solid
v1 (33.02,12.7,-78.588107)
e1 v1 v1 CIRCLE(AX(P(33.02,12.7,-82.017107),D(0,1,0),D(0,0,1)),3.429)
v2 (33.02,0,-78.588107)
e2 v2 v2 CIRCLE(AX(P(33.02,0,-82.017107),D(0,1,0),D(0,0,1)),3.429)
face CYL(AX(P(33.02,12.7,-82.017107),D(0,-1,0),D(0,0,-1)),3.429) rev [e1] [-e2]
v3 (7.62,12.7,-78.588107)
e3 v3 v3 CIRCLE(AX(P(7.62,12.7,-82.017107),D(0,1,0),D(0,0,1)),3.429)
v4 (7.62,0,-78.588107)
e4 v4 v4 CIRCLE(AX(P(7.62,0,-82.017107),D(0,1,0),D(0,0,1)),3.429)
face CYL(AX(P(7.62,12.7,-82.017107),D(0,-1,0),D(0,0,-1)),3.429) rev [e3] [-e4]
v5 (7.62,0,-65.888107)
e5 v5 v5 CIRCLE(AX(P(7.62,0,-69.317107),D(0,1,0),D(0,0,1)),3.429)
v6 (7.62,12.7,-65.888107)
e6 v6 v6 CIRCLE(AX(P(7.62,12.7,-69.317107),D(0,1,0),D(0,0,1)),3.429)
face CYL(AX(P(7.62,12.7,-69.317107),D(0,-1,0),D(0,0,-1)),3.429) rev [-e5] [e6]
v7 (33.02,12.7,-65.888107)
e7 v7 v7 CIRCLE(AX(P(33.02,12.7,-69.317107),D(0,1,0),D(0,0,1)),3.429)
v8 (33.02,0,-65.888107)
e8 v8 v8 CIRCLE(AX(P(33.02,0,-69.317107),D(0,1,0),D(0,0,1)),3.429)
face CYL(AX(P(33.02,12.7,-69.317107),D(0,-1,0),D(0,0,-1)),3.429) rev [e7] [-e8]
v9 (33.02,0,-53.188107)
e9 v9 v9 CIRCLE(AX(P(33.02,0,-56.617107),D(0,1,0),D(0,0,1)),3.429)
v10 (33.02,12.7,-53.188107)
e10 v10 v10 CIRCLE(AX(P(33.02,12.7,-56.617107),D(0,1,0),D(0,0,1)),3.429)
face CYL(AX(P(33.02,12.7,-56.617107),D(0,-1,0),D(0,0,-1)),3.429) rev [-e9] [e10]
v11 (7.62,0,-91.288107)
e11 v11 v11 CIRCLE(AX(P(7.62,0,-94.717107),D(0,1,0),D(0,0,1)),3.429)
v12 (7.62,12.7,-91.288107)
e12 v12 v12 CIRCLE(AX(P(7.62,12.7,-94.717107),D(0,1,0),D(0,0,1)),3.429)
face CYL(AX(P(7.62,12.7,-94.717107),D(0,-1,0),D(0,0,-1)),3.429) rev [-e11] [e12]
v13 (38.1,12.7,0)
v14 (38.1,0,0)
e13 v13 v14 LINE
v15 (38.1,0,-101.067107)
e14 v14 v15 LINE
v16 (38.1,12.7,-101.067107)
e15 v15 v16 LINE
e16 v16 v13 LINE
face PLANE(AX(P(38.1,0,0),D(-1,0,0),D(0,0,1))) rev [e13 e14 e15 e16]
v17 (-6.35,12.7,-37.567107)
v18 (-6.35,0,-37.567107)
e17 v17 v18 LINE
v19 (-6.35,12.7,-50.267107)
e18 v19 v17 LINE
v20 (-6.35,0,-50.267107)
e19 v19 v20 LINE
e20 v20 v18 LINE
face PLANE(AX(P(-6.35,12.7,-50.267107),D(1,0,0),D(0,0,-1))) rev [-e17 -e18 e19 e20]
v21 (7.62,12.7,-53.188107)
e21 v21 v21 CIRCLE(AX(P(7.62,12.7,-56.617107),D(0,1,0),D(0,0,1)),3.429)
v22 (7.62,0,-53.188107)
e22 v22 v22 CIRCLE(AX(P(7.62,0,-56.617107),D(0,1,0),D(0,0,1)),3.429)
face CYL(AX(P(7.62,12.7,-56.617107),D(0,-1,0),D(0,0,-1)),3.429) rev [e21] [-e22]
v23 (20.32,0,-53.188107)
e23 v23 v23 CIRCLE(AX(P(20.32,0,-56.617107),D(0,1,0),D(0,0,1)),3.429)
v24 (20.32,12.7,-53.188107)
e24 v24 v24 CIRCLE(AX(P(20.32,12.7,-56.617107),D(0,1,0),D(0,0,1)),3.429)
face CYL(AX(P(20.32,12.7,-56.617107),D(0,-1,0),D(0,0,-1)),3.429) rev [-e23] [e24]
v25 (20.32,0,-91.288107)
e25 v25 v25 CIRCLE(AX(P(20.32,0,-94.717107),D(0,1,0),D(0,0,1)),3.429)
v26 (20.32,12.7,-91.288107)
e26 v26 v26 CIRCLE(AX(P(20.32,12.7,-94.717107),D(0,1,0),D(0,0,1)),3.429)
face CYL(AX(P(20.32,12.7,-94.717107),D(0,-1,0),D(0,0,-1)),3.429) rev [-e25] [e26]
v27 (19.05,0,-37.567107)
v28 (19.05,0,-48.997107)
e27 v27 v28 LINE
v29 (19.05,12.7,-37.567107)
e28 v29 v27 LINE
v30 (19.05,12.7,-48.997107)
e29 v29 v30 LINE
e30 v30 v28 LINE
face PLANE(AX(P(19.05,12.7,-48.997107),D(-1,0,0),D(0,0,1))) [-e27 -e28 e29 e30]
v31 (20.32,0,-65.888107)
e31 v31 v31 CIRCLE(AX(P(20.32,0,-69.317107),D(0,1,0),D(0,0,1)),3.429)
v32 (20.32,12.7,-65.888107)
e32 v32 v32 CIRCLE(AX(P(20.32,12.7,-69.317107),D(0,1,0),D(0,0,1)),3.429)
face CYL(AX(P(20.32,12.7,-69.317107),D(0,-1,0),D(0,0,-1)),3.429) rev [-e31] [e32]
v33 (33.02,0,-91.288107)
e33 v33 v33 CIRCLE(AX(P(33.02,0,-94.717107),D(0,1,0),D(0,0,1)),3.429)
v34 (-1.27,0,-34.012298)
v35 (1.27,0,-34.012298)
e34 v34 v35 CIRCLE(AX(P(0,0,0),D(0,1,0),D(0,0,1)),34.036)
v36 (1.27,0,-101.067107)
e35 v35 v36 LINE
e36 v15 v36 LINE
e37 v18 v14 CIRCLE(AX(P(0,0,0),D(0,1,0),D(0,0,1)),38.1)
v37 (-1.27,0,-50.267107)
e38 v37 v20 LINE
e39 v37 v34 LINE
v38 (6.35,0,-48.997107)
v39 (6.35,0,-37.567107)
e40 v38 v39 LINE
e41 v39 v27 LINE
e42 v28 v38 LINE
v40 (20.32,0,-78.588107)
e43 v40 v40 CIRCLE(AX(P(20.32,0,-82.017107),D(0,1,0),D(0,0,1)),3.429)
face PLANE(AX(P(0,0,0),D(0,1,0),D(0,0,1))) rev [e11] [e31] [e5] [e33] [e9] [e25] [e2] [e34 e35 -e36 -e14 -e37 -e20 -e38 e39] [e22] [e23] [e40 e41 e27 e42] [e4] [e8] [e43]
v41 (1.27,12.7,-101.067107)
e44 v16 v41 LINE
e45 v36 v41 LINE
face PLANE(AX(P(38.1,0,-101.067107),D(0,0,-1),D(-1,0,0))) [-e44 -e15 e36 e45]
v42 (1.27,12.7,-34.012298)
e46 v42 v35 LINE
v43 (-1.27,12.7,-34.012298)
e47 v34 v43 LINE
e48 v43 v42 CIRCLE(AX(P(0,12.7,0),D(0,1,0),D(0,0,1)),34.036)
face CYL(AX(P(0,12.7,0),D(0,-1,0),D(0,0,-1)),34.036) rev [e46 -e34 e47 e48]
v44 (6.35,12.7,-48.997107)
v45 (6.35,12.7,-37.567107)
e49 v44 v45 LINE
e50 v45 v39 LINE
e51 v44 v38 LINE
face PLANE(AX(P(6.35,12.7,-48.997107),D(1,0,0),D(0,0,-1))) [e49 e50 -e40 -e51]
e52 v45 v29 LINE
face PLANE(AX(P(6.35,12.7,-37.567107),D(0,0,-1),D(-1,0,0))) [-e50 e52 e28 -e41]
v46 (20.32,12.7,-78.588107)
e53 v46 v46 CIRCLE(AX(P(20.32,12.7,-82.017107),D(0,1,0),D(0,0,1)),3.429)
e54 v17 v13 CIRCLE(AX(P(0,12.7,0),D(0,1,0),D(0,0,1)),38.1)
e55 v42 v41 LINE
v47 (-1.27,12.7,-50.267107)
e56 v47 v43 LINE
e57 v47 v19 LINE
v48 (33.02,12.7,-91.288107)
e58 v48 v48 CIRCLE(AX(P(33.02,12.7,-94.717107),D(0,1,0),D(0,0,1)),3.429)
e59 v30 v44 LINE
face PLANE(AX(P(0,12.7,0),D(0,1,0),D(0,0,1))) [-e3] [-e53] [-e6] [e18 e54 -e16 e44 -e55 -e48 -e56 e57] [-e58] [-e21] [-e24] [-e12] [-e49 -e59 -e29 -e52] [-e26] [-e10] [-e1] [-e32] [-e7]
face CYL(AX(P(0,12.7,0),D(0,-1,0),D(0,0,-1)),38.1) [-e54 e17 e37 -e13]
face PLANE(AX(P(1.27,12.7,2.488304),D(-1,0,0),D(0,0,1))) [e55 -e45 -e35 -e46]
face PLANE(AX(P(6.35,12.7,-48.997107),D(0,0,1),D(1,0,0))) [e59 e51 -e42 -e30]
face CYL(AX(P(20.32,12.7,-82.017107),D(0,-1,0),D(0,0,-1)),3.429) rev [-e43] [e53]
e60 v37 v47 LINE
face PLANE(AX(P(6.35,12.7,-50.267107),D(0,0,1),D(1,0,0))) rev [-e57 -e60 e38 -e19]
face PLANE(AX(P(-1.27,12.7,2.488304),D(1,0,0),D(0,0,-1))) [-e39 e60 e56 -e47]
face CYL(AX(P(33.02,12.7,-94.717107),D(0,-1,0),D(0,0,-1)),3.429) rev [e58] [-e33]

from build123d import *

# Parameters (mm, degrees)
SKETCH1_R           = 38.1
SKETCH1_R_2         = 34.036
BOSS_EXTRUDE1_DEPTH = 12.7
SKETCH2_W           = 12.7
SKETCH2_H           = 12.7
BOSS_EXTRUDE2_DEPTH = 12.7
SKETCH4_W           = 2.54
SKETCH4_H           = 66.350379848
CUT_EXTRUDE2_DEPTH  = 65.340360647
BOSS_EXTRUDE3_REACH = 104.44
BOSS_EXTRUDE3_START = 38.1
SKETCH5_W           = 50.267106623
SKETCH5_H           = 12.7
SKETCH6_W           = 36.83
SKETCH6_H           = 50.8
BOSS_EXTRUDE4_DEPTH = 12.7
SKETCH7_R           = 3.429
SKETCH7_W           = 12.7
SKETCH7_H           = 11.43
CUT_EXTRUDE3_DEPTH  = 109.754126547


with BuildPart() as part:
    # Sketch1 → Boss-Extrude1 (new body)
    with BuildSketch(Plane(origin=(0, 0, 0), x_dir=(1, 0, 0), z_dir=(0, 1, 0))):
        with Locations(Location((0, 0, 0), (0, 0, 270))):
            Circle(SKETCH1_R)
        with Locations(Location((0, 0, 0), (0, 0, 270))):
            Circle(SKETCH1_R_2, mode=Mode.SUBTRACT)
    extrude(amount=BOSS_EXTRUDE1_DEPTH)

    # Sketch2 → Boss-Extrude2 (add)
    with BuildSketch(Plane(origin=(0, 0, 0), x_dir=(1, 0, 0), z_dir=(0, 1, 0))):
        with Locations((0, 43.917106623)):
            Rectangle(SKETCH2_W, SKETCH2_H)
    extrude(amount=BOSS_EXTRUDE2_DEPTH)

    # Sketch4 → Cut-Extrude2 (cut, through all)
    with BuildSketch(Plane(origin=(0, 0, 0), x_dir=(1, 0, 0), z_dir=(0, 1, 0))):
        with Locations((0, 30.686886109)):
            Rectangle(SKETCH4_W, SKETCH4_H)
    extrude(amount=CUT_EXTRUDE2_DEPTH, mode=Mode.SUBTRACT)

    # Sketch5 → Boss-Extrude3 (add, up to next)
    with BuildSketch(Plane(origin=(0, 0, 0), x_dir=(0, 0, -1), z_dir=(1, 0, 0)).offset(BOSS_EXTRUDE3_START), mode=Mode.PRIVATE) as boss_extrude3_sk1:
        with Locations((25.133553312, 6.35)):
            Rectangle(SKETCH5_W, SKETCH5_H)
    boss_extrude3_tool1 = extrude(boss_extrude3_sk1.sketch, amount=-BOSS_EXTRUDE3_REACH, mode=Mode.PRIVATE) - part.part
    add(boss_extrude3_tool1.solids().sort_by_distance((38.1, 6.35, -25.133553))[0])

    # Sketch6 → Boss-Extrude4 (add)
    with BuildSketch(Plane(origin=(0, 12.7, 0), x_dir=(1, 0, 0), z_dir=(0, 1, 0))):
        with Locations((19.685, 75.667106623)):
            Rectangle(SKETCH6_W, SKETCH6_H)
    extrude(amount=-BOSS_EXTRUDE4_DEPTH)

    # Sketch7 → Cut-Extrude3 (cut, through all)
    with BuildSketch(Plane(origin=(0, 0, 0), x_dir=(1, 0, 0), z_dir=(0, 1, 0))):
        with Locations(Location((7.62, 94.717106623, 0), (0, 0, 270))):
            Circle(SKETCH7_R)
        with Locations(Location((20.32, 94.717106623, 0), (0, 0, 270))):
            Circle(SKETCH7_R)
        with Locations(Location((20.32, 82.017106623, 0), (0, 0, 270))):
            Circle(SKETCH7_R)
        with Locations(Location((7.62, 82.017106623, 0), (0, 0, 270))):
            Circle(SKETCH7_R)
        with Locations(Location((33.02, 94.717106623, 0), (0, 0, 270))):
            Circle(SKETCH7_R)
        with Locations(Location((33.02, 82.017106623, 0), (0, 0, 270))):
            Circle(SKETCH7_R)
        with Locations(Location((7.62, 69.317106623, 0), (0, 0, 270))):
            Circle(SKETCH7_R)
        with Locations(Location((20.32, 69.317106623, 0), (0, 0, 270))):
            Circle(SKETCH7_R)
        with Locations(Location((33.02, 69.317106623, 0), (0, 0, 270))):
            Circle(SKETCH7_R)
        with Locations(Location((7.62, 56.617106623, 0), (0, 0, 270))):
            Circle(SKETCH7_R)
        with Locations(Location((20.32, 56.617106623, 0), (0, 0, 270))):
            Circle(SKETCH7_R)
        with Locations(Location((33.02, 56.617106623, 0), (0, 0, 270))):
            Circle(SKETCH7_R)
        with Locations((12.7, 43.282106623)):
            Rectangle(SKETCH7_W, SKETCH7_H)
    extrude(amount=CUT_EXTRUDE3_DEPTH, mode=Mode.SUBTRACT)


solid = part.part
